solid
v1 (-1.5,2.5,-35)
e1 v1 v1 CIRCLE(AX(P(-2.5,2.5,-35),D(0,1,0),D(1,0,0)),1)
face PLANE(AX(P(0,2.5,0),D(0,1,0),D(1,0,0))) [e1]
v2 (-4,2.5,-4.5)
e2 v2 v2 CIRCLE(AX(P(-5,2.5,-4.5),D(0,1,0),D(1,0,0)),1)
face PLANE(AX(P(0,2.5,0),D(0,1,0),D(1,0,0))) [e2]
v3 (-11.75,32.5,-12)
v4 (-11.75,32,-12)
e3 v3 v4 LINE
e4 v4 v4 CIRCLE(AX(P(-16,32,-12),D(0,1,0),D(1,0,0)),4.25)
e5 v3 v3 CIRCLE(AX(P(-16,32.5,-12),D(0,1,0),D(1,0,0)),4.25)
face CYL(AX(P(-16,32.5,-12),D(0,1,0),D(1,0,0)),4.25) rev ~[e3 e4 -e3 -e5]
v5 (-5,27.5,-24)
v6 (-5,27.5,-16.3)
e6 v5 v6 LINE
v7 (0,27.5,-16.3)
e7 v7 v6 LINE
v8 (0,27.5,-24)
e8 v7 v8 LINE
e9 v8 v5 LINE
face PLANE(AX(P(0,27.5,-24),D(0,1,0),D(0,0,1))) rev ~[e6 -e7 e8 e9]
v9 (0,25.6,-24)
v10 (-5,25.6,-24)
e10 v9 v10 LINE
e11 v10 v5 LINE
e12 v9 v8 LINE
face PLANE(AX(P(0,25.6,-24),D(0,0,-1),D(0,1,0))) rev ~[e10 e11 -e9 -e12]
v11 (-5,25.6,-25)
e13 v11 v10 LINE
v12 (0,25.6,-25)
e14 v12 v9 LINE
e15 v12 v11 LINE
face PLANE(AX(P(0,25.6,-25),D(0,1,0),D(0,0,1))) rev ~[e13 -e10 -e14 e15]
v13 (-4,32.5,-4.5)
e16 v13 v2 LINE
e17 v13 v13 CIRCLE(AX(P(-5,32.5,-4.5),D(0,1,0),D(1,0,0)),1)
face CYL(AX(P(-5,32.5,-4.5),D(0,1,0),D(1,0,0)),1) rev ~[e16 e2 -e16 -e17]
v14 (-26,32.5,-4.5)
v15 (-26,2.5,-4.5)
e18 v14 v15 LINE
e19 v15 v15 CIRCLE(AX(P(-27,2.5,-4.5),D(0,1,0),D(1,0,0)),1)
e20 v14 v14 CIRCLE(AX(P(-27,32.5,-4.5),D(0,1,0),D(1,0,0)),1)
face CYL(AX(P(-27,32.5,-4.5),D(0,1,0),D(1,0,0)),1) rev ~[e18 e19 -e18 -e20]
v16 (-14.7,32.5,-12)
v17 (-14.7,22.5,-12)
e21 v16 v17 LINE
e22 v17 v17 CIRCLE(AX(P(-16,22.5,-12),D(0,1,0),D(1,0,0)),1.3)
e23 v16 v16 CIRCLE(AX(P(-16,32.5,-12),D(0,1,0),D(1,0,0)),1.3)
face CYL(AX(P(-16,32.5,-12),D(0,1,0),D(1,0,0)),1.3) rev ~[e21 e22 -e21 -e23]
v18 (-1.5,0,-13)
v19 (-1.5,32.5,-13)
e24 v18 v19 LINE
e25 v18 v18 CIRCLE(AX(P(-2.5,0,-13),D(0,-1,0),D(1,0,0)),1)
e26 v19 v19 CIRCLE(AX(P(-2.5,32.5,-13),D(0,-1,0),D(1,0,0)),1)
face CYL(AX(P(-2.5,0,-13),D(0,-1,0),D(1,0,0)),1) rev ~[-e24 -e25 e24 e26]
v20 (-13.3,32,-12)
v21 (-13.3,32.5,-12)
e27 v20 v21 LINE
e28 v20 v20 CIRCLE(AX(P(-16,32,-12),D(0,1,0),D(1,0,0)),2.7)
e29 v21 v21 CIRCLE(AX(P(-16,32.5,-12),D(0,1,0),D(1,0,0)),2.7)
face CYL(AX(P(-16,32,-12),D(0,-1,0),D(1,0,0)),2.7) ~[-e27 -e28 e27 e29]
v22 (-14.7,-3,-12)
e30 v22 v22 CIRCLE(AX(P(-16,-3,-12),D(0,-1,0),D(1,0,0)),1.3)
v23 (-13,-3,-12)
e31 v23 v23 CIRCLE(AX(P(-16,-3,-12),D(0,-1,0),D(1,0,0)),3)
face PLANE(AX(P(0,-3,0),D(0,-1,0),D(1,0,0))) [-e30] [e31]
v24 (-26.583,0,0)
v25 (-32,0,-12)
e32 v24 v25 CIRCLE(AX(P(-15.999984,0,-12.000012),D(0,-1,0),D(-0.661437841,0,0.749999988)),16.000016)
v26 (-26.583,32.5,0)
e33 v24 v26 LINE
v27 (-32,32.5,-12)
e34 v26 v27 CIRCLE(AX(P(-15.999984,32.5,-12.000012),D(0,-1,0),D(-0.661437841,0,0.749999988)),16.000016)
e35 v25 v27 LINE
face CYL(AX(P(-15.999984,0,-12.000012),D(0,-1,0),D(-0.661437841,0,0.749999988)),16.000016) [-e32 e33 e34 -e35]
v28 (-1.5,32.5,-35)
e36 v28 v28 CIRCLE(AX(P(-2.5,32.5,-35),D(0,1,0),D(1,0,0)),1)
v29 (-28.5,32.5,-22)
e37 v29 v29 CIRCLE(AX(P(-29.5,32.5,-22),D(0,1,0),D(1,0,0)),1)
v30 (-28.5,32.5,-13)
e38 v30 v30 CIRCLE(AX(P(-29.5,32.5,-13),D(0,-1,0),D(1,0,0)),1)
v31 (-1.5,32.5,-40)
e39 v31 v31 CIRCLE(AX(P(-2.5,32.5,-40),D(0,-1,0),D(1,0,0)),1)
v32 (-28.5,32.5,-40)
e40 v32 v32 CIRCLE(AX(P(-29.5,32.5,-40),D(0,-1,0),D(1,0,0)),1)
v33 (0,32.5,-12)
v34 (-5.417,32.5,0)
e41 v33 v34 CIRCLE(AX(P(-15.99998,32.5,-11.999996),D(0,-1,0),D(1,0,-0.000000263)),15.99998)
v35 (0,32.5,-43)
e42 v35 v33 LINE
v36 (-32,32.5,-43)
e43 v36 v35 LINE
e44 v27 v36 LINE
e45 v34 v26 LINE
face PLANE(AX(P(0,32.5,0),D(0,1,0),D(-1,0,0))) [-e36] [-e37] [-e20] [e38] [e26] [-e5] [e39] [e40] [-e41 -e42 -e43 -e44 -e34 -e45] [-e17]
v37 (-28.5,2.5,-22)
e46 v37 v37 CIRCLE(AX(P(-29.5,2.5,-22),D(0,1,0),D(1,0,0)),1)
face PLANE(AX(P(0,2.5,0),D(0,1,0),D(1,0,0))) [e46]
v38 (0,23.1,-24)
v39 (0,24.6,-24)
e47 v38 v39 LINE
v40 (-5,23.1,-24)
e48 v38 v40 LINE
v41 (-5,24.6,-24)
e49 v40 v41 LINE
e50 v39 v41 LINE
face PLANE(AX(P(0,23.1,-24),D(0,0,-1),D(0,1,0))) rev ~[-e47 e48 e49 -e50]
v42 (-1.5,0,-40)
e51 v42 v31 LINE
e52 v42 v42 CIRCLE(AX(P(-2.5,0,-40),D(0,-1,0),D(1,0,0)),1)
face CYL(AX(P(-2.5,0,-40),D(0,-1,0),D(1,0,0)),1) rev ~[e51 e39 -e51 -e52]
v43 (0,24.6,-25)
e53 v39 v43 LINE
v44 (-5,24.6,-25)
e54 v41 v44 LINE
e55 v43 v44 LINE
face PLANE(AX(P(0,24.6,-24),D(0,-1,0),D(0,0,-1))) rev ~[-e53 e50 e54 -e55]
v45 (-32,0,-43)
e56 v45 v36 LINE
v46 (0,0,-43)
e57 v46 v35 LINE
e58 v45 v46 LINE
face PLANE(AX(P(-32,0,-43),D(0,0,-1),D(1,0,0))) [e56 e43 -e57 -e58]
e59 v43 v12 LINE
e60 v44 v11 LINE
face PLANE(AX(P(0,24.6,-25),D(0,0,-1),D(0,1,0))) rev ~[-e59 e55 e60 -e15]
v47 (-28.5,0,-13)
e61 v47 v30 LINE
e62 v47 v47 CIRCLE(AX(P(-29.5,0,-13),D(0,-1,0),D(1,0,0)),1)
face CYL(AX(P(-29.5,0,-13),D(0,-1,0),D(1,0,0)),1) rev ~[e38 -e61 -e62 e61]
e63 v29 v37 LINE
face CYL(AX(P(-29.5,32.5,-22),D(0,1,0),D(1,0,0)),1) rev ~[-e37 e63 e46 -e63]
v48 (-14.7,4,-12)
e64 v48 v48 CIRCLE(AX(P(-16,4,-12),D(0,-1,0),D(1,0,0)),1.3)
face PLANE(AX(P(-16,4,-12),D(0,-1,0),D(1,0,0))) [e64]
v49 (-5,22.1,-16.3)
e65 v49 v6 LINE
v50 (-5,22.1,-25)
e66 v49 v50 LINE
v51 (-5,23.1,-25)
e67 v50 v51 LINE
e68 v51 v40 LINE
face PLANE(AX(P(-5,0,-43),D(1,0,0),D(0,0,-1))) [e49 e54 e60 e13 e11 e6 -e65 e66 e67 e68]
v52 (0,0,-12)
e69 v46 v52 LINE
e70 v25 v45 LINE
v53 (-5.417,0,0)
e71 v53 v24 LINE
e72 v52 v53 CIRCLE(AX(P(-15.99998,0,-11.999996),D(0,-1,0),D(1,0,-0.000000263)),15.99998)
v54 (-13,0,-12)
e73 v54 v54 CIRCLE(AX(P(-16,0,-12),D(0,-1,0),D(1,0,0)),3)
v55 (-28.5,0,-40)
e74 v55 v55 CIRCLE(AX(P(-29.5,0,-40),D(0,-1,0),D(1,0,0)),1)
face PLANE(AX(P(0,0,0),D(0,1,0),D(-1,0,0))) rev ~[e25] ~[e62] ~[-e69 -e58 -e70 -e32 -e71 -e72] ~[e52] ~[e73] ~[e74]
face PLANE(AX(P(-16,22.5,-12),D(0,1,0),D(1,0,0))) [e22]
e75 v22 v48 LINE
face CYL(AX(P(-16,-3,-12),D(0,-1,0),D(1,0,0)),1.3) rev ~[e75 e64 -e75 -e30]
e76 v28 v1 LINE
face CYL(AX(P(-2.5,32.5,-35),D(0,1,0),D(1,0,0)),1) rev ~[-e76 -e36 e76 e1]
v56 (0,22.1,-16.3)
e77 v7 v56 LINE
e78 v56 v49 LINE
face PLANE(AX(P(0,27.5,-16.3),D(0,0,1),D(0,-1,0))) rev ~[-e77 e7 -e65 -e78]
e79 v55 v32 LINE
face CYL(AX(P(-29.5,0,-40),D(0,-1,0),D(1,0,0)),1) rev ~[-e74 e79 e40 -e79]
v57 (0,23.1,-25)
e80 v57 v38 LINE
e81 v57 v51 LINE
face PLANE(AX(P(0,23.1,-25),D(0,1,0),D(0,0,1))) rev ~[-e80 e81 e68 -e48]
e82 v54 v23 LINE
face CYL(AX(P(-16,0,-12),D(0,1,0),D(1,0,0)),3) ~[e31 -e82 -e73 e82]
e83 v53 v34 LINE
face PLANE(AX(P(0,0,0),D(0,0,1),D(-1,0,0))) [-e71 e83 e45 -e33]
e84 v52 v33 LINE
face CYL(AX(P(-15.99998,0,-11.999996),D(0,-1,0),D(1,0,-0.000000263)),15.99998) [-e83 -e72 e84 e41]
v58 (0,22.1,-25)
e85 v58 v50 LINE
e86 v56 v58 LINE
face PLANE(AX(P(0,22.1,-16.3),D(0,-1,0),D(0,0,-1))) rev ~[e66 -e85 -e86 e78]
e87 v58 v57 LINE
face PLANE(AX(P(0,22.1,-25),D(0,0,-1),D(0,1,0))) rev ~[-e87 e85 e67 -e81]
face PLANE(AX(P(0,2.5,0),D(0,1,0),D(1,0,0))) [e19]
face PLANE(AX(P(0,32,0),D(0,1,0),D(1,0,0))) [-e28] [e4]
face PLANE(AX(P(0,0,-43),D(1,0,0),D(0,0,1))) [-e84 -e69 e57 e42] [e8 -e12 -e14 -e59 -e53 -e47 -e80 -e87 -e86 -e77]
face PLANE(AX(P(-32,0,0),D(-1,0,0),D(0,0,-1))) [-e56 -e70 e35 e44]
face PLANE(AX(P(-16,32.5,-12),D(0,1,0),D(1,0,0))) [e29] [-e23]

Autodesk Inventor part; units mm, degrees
ref_plane "YZ Plane" through (0, 0, 0) normal (1, 0, 0) x (0, 1, 0)
ref_plane "XZ Plane" through (0, 0, 0) normal (0, 1, 0) x (-1, 0, 0)
ref_plane "XY Plane" through (0, 0, 0) normal (0, 0, 1) x (1, 0, 0)
sketch "スケッチ1" plane through (0, 0, 0) normal (0, 1, 0) x (-1, 0, 0)
  line L0 (0, 0) -> (32, 0)
  line L1 (32, 0) -> (32, -43)
  line L2 (32, -43) -> (0, -43)
  line L3 (0, -43) -> (0, 0)
  dimension "d0" = 32
  dimension "d1" = 43
extrude "押し出し1" add sketch "スケッチ1" along normal blind 32.5
sketch "スケッチ2" plane through (0, 0, 0) normal (0, -1, 0) x (1, 0, 0)
  line L0 (-32, -43) -> (-32, 0) construction
  line L1 (-32, -21.5) -> (0, -21.5) construction
  line L2 (0, 0) -> (0, -43) construction
  line L3 (-16, -21.5) -> (-16, -12) construction
  line L4 (-32, 0) -> (-32, -43) projected
  arc A0 (-26.583, 0) -> (-32, -12) centre (-16, -12) ccw
  arc A1 (0, -12) -> (-5.417, 0) centre (-16, -12) ccw
  line L5 (-32, -12) -> (-32, 0)
  line L6 (0, 0) -> (-32, 0) projected
  line L7 (-5.417, 0) -> (0, 0)
  line L8 (0, 0) -> (0, -12)
  line L9 (-32, 0) -> (-26.583, 0)
  dimension "d4" = 9.5
extrude "押し出し2" cut sketch "スケッチ2" against normal blind 32.5
sketch "スケッチ3" plane through (0, 0, 0) normal (0, -1, 0) x (1, 0, 0)
  line L0 (-32, -21.5) -> (0, -21.5) construction
  line L1 (0, -21.5) -> (0, -43) construction
  line L2 (-5.417, 0) -> (-26.583, 0) construction
  line L3 (-16, 0) -> (-16, -43) construction
  line L4 (-32, -43) -> (0, -43) construction
  line L5 (-16, -21.5) -> (-16, -13) construction
  line L6 (-16, -21.5) -> (-29.5, -21.5) construction
  circle A0 centre (-29.5, -13) radius 1
  line L7 (-16, -21.5) -> (-2.5, -21.5) construction
  circle A1 centre (-2.5, -13) radius 1
  line L8 (-16, -21.5) -> (-16, -40) construction
  circle A2 centre (-29.5, -40) radius 1
  circle A3 centre (-2.5, -40) radius 1
  point P0 (0, 0)
  dimension "d8" = 8.5
  dimension "d9" = 13.5
  dimension "d10" = 2
  dimension "d11" = 13.5
  dimension "d12" = 2
  dimension "d13" = 18.5
  dimension "d14" = 2
  dimension "d15" = 2
extrude "押し出し3" cut sketch "スケッチ3" against normal blind 32.5
sketch "スケッチ4" plane through (0, 32.5, 0) normal (0, 1, 0) x (1, 0, 0)
  line L0 (-5.417, 0) -> (-26.583, 0) construction
  line L1 (-32, 21.5) -> (0, 21.5) construction
  line L2 (0, 21.5) -> (0, 43) construction
  line L3 (-16, 0) -> (-16, 43) construction
  line L4 (-32, 43) -> (0, 43) construction
  line L5 (-16, 21.5) -> (-16, 13) construction
  line L6 (-16, 21.5) -> (-29.5, 21.5) construction
  circle A0 centre (-29.5, 13) radius 1
  line L7 (-16, 21.5) -> (-2.5, 21.5) construction
  circle A1 centre (-2.5, 13) radius 1
  line L8 (-16, 21.5) -> (-16, 40) construction
  circle A2 centre (-29.5, 40) radius 1
  circle A3 centre (-2.5, 40) radius 1
  line L9 (-29.5, 21.5) -> (-29.5, 22) construction
  line L10 (-2.5, 21.5) -> (-2.5, 35) construction
  line L11 (-16, 21.5) -> (-16, 4.5) construction
  line L12 (-16, 4.5) -> (-5, 4.5) construction
  line L13 (-16, 4.5) -> (-27, 4.5) construction
  circle A4 centre (-2.5, 35) radius 1
  circle A5 centre (-29.5, 22) radius 1
  circle A6 centre (-27, 4.5) radius 1
  circle A7 centre (-5, 4.5) radius 1
  line L14 (0, 43) -> (-32, 43) projected
  line L15 (0, 43) -> (-32, 43)
  line L16 (-32, 43) -> (-32, 12) projected
  line L17 (-32, 43) -> (-32, 12)
  line L18 (0, 12) -> (0, 43) projected
  line L19 (0, 43) -> (0, 12)
  line L20 (-26.583, 0) -> (-5.417, 0) projected
  line L21 (-5.417, 0) -> (-26.583, 0)
  arc A8 (-32, 12) -> (-26.583, 0) centre (-16, 12) ccw
  arc A9 (-5.417, 0) -> (0, 12) centre (-16, 12) ccw projected
  arc A10 (-5.417, 0) -> (0, 12) centre (-16, 12) ccw
  point P0 (0, 0)
  point P1 (0, 0)
  dimension "d26" = 0.5
  dimension "d27" = 13.5
  dimension "d28" = 17
  dimension "d29" = 11
  dimension "d30" = 11
  dimension "d31" = 2
  dimension "d32" = 2
  dimension "d33" = 2
  dimension "d34" = 2
extrude "押し出し4" cut sketch "スケッチ4" against normal blind 30 contours A4 | A5 | A6 | A7
sketch "スケッチ5" plane through (0, 0, 0) normal (0, -1, 0) x (1, 0, 0)
  line L0 (-32, -21.5) -> (0, -21.5) construction
  line L1 (0, -21.5) -> (0, -43) construction
  line L2 (-5.417, 0) -> (-26.583, 0) construction
  line L3 (-16, 0) -> (-16, -43) construction
  line L4 (-32, -43) -> (0, -43) construction
  line L5 (-16, -21.5) -> (-16, -12) construction
  line L6 (-16, -21.5) -> (-29.5, -21.5) construction
  circle A0 centre (-29.5, -13) radius 1
  line L7 (-16, -21.5) -> (-2.5, -21.5) construction
  circle A1 centre (-2.5, -13) radius 1
  line L8 (-16, -21.5) -> (-16, -40) construction
  circle A2 centre (-29.5, -40) radius 1
  circle A3 centre (-2.5, -40) radius 1
  circle A4 centre (-16, -12) radius 3
  point P0 (0, 0)
  point P1 (0, 0)
  dimension "d37" = 9.5
  dimension "d38" = 13.5
  dimension "d39" = 2
  dimension "d40" = 13.5
  dimension "d41" = 2
  dimension "d42" = 18.5
  dimension "d43" = 2
  dimension "d44" = 2
  dimension "d45" = 6
extrude "押し出し5" add sketch "スケッチ5" along normal blind 3 contours A4
sketch "スケッチ6" plane through (-16, -3, -12) normal (0, -1, 0) x (1, 0, 0)
  circle A0 centre (0, 0) radius 1.3
  point P0 (16, 12)
  dimension "d48" = 2.6
extrude "押し出し6" cut sketch "スケッチ6" against normal blind 7
sketch "スケッチ7" plane through (0, 32.5, 0) normal (0, 1, 0) x (1, 0, 0)
  line L0 (-5.417, 0) -> (-26.583, 0) construction
  line L1 (-16, 21.5) -> (-29.5, 21.5) construction
  line L2 (-16, 21.5) -> (-16, 13) construction
  line L3 (-16, 21.5) -> (-2.5, 21.5) construction
  line L4 (-32, 21.5) -> (0, 21.5) construction
  line L5 (-32, 43) -> (0, 43) construction
  line L6 (-16, 21.5) -> (-16, 40) construction
  line L7 (0, 21.5) -> (0, 43) construction
  line L8 (-16, 0) -> (-16, 43) construction
  line L9 (-29.5, 21.5) -> (-29.5, 22) construction
  line L10 (-16, 21.5) -> (-16, 12) construction
  line L11 (-16, 12) -> (-5, 12) construction
  line L12 (-16, 12) -> (-27, 12) construction
  circle A0 centre (-16, 12) radius 1.3 projected
  circle A1 centre (-16, 12) radius 4.25
  point P0 (0, 0)
  point P1 (0, 0)
  point P2 (0, 0)
  dimension "d53" = 9.5
  dimension "d60" = 8.5
extrude "押し出し7" cut sketch "スケッチ7" against normal blind 0.5 contours A0 | A1
sketch "スケッチ8" plane through (-16, 32, -12) normal (0, 1, 0) x (1, 0, 0)
  circle A0 centre (0, 0) radius 2.7
  point P0 (16, -12)
  dimension "d63" = 5.4
extrude "押し出し8" add sketch "スケッチ8" along normal blind 0.5
sketch "スケッチ9" plane through (-16, 32.5, -12) normal (0, 1, 0) x (1, 0, 0)
  circle A0 centre (0, 0) radius 1.3
  point P0 (16, -12)
  dimension "d66" = 2.6
extrude "押し出し9" cut sketch "スケッチ9" against normal blind 10
sketch "スケッチ10" plane through (0, 0, -43) normal (1, 0, 0) x (0, 0, -1)
  line L0 (0, 0) -> (0, 32.5) construction
  line L1 (0, 16.25) -> (-21.5, 16.25) construction
  line L2 (-22, 32.5) -> (-20, 32.5) construction
  line L3 (0, 0) -> (-31, 0) construction
  line L4 (-21, 32.5) -> (-21, 27.5) construction
  line L5 (-21, 27.5) -> (-26.7, 27.5)
  line L6 (-26.7, 27.5) -> (-26.7, 24.6)
  line L7 (-26.7, 24.6) -> (-18, 24.6)
  line L8 (-18, 24.6) -> (-18, 25.6)
  line L9 (-18, 25.6) -> (-19, 25.6)
  line L10 (-19, 25.6) -> (-19, 27.5)
  line L11 (-19, 27.5) -> (-21, 27.5)
  line L12 (-26.7, 24.6) -> (-26.7, 22.1)
  line L13 (-26.7, 22.1) -> (-18, 22.1)
  line L14 (-18, 22.1) -> (-18, 23.1)
  line L15 (-18, 23.1) -> (-19, 23.1)
  line L16 (-19, 23.1) -> (-19, 24.6)
  point P0 (-43, 0)
  dimension "d69" = 21.5
  dimension "d71" = 5
  dimension "d72" = 2.9
  dimension "d73" = 5.7
  dimension "d74" = 8.7
  dimension "d75" = 1
  dimension "d76" = 1
  dimension "d79" = 2.5
  dimension "d80" = 1
  dimension "d81" = 1
extrude "押し出し10" cut sketch "スケッチ10" against normal blind 5
properties part number "Servo" material "プラスチック、不透明 黒"
